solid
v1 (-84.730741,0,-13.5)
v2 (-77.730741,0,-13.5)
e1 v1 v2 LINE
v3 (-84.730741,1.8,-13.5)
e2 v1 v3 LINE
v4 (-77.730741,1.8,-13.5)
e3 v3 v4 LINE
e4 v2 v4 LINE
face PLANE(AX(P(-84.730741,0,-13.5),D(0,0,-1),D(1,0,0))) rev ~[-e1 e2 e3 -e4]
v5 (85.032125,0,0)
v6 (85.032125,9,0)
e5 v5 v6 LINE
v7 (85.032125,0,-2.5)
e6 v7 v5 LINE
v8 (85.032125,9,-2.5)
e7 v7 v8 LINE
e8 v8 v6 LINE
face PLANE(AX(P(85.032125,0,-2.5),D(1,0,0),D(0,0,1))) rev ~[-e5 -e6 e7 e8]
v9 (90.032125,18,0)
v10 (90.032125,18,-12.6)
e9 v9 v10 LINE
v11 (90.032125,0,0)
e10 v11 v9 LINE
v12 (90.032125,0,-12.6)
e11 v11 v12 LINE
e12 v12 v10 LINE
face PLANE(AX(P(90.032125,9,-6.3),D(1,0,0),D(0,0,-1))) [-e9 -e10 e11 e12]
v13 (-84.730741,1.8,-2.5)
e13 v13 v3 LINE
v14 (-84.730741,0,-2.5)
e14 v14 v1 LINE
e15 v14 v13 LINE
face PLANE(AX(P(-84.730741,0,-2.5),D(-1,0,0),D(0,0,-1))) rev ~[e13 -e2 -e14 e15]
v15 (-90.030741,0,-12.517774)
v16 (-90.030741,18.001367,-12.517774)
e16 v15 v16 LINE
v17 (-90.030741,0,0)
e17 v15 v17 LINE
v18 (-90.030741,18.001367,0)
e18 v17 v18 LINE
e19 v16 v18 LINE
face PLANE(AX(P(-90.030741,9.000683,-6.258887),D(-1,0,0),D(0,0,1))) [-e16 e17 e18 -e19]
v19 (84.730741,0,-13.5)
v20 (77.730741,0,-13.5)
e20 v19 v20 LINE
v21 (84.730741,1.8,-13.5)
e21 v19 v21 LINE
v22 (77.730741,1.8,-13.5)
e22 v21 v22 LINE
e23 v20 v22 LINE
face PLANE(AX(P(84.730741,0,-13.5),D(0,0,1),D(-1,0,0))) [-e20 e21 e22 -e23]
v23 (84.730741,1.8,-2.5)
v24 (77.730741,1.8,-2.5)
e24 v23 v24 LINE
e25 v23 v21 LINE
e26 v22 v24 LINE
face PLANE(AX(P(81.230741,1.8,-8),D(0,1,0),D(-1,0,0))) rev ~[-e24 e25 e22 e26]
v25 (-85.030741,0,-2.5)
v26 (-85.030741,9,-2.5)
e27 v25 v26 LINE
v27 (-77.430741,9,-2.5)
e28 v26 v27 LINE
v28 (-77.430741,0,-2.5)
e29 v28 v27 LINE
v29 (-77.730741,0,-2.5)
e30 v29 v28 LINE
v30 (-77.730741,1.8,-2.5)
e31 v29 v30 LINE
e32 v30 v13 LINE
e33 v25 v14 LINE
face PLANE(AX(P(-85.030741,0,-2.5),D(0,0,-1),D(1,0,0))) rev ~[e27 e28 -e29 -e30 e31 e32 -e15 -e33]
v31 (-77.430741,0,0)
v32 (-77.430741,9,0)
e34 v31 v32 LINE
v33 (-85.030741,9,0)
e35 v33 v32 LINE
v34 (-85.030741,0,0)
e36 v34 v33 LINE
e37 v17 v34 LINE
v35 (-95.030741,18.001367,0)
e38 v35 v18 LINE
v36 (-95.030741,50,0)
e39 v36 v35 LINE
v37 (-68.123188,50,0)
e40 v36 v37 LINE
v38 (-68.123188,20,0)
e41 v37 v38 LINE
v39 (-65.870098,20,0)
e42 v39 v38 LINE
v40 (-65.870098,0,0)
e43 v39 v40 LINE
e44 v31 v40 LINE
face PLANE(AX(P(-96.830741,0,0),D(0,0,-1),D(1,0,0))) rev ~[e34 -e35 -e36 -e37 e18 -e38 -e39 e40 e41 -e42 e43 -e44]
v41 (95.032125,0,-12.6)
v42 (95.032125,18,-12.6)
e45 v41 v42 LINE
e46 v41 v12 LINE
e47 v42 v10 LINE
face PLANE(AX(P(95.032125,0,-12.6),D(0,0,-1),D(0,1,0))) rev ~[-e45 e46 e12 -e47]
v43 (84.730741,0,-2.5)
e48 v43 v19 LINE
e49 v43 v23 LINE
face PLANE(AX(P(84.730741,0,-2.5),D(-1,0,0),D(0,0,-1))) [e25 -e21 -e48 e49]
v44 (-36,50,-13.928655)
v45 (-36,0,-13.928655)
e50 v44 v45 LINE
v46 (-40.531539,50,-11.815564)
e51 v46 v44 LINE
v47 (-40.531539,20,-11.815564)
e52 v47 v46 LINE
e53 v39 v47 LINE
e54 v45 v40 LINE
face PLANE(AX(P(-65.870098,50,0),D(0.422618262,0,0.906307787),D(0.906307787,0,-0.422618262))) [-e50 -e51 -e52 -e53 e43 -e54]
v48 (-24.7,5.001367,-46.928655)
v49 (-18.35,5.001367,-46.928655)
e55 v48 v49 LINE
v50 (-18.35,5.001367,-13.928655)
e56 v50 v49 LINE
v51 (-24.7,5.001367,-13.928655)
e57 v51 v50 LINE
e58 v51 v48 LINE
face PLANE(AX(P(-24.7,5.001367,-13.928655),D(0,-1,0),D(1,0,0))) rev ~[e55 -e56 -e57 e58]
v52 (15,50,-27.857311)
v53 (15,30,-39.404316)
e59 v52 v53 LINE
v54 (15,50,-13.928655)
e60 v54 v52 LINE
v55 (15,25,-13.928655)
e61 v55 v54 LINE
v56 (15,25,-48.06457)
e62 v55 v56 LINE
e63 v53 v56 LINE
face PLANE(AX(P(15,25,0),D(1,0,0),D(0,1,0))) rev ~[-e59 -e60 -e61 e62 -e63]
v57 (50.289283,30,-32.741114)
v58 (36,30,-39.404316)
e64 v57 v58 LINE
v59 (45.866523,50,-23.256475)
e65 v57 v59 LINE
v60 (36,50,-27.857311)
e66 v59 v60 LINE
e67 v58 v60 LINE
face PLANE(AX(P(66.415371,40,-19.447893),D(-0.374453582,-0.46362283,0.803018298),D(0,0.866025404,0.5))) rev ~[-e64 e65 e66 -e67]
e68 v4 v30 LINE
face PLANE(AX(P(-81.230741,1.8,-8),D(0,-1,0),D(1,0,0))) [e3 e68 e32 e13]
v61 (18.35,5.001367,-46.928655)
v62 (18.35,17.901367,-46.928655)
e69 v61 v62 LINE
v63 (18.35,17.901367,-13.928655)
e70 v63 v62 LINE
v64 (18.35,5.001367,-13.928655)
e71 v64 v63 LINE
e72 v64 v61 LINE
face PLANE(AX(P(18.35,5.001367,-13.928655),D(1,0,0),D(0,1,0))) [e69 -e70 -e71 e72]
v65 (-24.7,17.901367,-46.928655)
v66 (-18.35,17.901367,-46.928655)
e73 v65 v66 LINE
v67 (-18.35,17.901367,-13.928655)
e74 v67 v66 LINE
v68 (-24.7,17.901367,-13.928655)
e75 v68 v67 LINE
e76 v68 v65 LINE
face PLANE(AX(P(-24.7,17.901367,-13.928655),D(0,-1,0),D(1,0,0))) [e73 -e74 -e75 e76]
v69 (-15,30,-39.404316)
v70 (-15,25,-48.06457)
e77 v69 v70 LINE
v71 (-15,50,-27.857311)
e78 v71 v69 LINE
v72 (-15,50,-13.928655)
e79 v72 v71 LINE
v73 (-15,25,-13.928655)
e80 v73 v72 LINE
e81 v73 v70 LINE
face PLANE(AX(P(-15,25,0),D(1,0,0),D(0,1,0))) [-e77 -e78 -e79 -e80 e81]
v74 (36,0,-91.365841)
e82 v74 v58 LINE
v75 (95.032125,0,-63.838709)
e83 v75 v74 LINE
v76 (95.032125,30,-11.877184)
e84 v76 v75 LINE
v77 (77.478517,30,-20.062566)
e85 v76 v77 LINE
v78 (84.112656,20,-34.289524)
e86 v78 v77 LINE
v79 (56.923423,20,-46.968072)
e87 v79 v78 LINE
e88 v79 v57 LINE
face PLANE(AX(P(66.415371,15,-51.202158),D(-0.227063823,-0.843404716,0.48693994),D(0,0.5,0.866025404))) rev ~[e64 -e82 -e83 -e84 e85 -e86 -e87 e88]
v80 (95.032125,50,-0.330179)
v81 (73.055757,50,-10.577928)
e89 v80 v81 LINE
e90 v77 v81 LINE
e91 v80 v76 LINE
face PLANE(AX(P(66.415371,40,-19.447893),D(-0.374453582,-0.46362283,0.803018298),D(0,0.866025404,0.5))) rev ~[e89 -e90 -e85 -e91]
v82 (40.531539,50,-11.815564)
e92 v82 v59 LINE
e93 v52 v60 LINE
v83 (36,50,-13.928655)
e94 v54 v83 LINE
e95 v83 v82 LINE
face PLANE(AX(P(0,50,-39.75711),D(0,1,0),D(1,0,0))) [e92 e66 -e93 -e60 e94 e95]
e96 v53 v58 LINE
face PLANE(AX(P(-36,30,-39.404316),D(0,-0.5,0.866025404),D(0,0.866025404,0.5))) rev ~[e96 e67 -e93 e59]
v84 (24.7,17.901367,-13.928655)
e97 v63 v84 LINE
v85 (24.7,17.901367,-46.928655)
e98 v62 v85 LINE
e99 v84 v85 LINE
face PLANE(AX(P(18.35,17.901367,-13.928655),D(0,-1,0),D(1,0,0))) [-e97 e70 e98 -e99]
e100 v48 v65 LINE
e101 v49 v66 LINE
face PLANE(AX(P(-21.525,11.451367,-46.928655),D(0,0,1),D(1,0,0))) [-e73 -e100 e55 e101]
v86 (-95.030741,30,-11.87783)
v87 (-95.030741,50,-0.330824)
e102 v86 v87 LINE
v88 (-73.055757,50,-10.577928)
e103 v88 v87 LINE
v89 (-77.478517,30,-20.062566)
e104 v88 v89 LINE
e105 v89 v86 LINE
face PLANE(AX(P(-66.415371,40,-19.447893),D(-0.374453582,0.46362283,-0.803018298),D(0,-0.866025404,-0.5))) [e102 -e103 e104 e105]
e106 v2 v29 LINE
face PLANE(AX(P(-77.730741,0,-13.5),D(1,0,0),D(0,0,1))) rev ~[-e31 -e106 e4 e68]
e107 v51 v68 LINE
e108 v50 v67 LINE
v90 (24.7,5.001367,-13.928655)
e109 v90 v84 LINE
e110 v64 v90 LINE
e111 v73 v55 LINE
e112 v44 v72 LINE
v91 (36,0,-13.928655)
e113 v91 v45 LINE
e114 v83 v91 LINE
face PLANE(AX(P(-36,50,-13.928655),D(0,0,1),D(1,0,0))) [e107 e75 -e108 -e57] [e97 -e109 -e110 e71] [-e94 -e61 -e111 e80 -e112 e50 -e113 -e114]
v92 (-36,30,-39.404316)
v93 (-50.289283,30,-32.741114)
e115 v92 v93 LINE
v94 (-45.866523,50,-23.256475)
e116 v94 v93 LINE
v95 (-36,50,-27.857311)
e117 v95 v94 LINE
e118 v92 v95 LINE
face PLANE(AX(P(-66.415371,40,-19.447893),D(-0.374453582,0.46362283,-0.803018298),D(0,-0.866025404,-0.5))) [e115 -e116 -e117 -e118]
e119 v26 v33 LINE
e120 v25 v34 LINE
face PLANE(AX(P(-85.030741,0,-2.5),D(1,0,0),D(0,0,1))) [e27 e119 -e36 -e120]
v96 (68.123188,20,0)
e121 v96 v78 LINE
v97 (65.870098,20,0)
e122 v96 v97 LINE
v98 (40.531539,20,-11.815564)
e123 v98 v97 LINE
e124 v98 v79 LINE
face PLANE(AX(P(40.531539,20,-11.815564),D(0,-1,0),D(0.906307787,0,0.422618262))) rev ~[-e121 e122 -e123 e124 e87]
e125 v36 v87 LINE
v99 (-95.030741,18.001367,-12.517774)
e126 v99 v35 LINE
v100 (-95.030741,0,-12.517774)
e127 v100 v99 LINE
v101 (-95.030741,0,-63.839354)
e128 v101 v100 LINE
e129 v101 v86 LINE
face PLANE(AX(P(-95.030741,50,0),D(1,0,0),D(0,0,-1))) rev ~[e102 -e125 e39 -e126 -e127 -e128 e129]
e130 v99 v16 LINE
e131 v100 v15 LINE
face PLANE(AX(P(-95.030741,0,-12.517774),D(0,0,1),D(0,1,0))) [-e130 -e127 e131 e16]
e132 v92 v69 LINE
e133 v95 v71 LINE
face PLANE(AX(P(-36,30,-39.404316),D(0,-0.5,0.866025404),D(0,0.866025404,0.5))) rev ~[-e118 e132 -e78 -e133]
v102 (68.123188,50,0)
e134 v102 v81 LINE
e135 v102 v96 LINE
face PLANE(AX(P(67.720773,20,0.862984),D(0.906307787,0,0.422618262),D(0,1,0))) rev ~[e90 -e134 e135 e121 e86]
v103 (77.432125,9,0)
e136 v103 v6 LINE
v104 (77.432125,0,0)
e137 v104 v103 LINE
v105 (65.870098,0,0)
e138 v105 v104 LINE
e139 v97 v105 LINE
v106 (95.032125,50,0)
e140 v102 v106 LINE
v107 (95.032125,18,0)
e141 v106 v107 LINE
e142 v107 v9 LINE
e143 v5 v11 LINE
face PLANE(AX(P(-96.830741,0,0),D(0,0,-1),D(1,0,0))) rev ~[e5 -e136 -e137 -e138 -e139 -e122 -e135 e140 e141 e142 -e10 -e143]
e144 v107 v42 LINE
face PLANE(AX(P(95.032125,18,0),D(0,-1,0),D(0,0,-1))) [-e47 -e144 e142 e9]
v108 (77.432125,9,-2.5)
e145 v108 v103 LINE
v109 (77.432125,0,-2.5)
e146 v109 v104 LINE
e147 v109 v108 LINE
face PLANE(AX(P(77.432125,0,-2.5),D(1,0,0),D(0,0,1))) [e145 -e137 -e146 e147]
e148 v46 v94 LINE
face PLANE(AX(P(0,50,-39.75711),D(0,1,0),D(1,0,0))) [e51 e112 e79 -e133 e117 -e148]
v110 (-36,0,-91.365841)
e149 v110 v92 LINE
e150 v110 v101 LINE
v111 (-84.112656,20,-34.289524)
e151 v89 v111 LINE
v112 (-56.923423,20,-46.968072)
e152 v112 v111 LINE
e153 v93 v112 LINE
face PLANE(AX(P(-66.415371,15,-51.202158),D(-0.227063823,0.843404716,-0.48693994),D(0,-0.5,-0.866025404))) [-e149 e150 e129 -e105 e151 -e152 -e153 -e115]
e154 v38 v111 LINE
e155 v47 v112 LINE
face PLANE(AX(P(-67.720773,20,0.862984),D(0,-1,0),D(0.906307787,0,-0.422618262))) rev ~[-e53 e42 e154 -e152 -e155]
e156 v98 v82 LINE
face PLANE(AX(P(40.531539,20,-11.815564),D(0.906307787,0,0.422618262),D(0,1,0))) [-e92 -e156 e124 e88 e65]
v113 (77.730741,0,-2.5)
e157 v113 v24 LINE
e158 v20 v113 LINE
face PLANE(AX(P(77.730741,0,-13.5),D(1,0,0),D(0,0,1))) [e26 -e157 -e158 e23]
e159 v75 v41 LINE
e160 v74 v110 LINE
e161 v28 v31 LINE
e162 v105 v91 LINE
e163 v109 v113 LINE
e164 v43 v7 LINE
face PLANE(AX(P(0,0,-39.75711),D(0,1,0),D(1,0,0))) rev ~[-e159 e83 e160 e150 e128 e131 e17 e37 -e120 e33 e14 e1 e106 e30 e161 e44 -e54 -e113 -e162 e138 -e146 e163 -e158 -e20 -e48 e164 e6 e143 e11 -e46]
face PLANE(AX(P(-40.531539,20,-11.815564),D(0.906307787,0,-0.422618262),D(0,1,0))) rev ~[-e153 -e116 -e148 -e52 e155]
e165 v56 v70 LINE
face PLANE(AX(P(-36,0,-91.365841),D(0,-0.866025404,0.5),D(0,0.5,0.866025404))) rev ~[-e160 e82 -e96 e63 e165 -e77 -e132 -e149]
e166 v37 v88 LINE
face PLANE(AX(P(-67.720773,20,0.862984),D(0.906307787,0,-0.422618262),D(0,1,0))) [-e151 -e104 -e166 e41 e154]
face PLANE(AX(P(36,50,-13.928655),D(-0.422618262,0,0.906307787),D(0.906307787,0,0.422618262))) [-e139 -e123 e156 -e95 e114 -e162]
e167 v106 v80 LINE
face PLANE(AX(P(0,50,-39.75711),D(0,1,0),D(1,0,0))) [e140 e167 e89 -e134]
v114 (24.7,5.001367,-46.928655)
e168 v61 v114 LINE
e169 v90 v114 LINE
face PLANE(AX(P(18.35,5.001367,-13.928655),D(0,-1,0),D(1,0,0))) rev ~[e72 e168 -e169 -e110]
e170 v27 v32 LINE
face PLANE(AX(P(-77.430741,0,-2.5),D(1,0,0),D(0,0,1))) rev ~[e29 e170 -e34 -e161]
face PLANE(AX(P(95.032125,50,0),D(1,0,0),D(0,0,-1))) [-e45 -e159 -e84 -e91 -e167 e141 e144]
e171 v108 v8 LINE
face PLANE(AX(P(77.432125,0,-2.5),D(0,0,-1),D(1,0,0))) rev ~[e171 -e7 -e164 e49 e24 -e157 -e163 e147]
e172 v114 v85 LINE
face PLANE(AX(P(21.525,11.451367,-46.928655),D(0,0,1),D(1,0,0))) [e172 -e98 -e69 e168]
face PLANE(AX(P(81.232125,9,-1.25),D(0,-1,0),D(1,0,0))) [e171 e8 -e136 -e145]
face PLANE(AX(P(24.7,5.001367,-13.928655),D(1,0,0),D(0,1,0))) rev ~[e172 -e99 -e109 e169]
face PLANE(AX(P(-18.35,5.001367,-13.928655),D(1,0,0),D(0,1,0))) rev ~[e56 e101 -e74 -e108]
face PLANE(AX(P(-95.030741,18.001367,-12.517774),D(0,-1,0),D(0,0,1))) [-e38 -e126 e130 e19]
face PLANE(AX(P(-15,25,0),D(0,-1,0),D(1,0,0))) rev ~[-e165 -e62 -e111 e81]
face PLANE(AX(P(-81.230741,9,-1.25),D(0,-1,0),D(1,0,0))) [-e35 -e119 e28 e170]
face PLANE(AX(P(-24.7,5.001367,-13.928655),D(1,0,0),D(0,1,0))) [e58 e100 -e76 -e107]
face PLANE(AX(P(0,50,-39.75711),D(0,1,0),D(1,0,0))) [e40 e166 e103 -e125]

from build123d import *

# Parameters (mm, degrees)
SALIENTE_EXTRUIR1_DEPTH            = 50
CORTAR_EXTRUIR1_DEPTH              = 72
CORTAR_EXTRUIR4_REACH              = 144.211
CROQUIS6_W                         = 30
CROQUIS6_H                         = 25
CORTAR_EXTRUIR5_REACH              = 144.211
CROQUIS8_W                         = 30
CROQUIS8_H                         = 30
CORTAR_EXTRUIR6_DEPTH              = 40
CROQUIS9_W                         = 30
CROQUIS9_H                         = 30
CORTAR_EXTRUIR7_DEPTH              = 40
CROQUIS10_W                        = 6.35
CROQUIS10_H                        = 12.9
CORTAR_EXTRUIR8_DEPTH              = 33
CORTAR_EXTRUIR9_REACH              = 144.211
CORTAR_EXTRUIR10_REACH             = 144.211
CORTAR_EXTRUIR10_DIRECTION_2_DEPTH = 143.210791725
CROQUIS14_W                        = 12.6
CROQUIS14_H                        = 18
CORTAR_EXTRUIR11_DEPTH             = 5
CROQUIS15_W                        = 12.517773713
CROQUIS15_H                        = 18.001366708
CORTAR_EXTRUIR12_DEPTH             = 5
CROQUIS16_W                        = 7.6
CROQUIS16_H                        = 2.5
CORTAR_EXTRUIR13_DEPTH             = 9
CORTAR_EXTRUIR14_DEPTH             = 1.8


with BuildPart() as part:
    # Croquis1 → Saliente-Extruir1 (new body)
    with BuildSketch(Plane(origin=(0, 0, 0), x_dir=(1, 0, 0), z_dir=(0, 1, 0))):
        Polygon((-96.830741331, 0), (96.830741331, 0), (96.830741331, 63), (36, 91.365840534), (-36, 91.365840534), (-96.830741331, 63), align=None)
    extrude(amount=SALIENTE_EXTRUIR1_DEPTH)

    # Croquis3D2 → Cortar-Extruir1 (cut)
    with BuildSketch(Plane(origin=(-36, 0, -91.365840534), x_dir=(0, 0.6600783810393928, 0.751196732477195), z_dir=(-1, 0, 0))):
        Polygon((0, 0), (58.835678645, -11.762776814), (93.598994681, 0), (40.781406688, 46.410941988), align=None)
    extrude(amount=-CORTAR_EXTRUIR1_DEPTH, mode=Mode.SUBTRACT)

    # Cortar-Barrer1: sweep along a curve in space
    with BuildLine() as cortar_barrer1_path:
        Line((96.830741331, 50, -63), (36, 50, -91.365840534))
    # Croquis2 → Cortar-Barrer1 (sweep, cut)
    with BuildSketch(Plane.ZY.offset(-36)):
        Polygon((-91.365840534, 50), (-27.857310923, 50), (-39.404316307, 30), (-91.365840534, 0), align=None)
    sweep(path=cortar_barrer1_path.line, mode=Mode.SUBTRACT)

    # Cortar-Barrer2: sweep along a curve in space
    with BuildLine() as cortar_barrer2_path:
        Line((-36, 50, -91.365840534), (-96.830741331, 50, -63))
    # Croquis3 → Cortar-Barrer2 (sweep, cut)
    with BuildSketch(Plane(origin=(-36, 0, 0), x_dir=(0, 0, -1), z_dir=(1, 0, 0))):
        Polygon((27.857310923, 50), (91.365840534, 50), (91.365840534, 0), (39.404316307, 30), align=None)
    sweep(path=cortar_barrer2_path.line, mode=Mode.SUBTRACT)

    # Croquis6 → Cortar-Extruir4 (cut, up to next)
    with BuildSketch(Plane.XY, mode=Mode.PRIVATE) as cortar_extruir4_sk1:
        with Locations((0, 37.5)):
            Rectangle(CROQUIS6_W, CROQUIS6_H)
    cortar_extruir4_tool1 = extrude(cortar_extruir4_sk1.sketch, amount=-CORTAR_EXTRUIR4_REACH, mode=Mode.PRIVATE) & part.part
    add(cortar_extruir4_tool1.solids().sort_by_distance((0, 37.5, 0))[0], mode=Mode.SUBTRACT)

    # Croquis7 → Cortar-Extruir5 (cut, up to next)
    with BuildSketch(Plane(origin=(0, 50, 0), x_dir=(1, 0, 0), z_dir=(0, 1, 0)), mode=Mode.PRIVATE) as cortar_extruir5_sk1:
        Polygon((-36, 13.928655461), (36, 13.928655461), (65.87009803, 0), (-65.87009803, 0), align=None)
    cortar_extruir5_tool1 = extrude(cortar_extruir5_sk1.sketch, amount=-CORTAR_EXTRUIR5_REACH, mode=Mode.PRIVATE) & part.part
    add(cortar_extruir5_tool1.solids().sort_by_distance((0, 50, -6.28364))[0], mode=Mode.SUBTRACT)

    # Croquis8 → Cortar-Extruir6 (cut)
    with BuildSketch(Plane(origin=(-11.764807584, 0, -25.229711282), x_dir=(0.9063077870366527, 0, -0.4226182617406937), z_dir=(0.4226182617406937, 0, 0.9063077870366527))):
        with Locations((-46.740576174, 35)):
            Rectangle(CROQUIS8_W, CROQUIS8_H)
    extrude(amount=-CORTAR_EXTRUIR6_DEPTH, mode=Mode.SUBTRACT)

    # Croquis9 → Cortar-Extruir7 (cut)
    with BuildSketch(Plane(origin=(11.764807584, 0, -25.229711282), x_dir=(0.9063077870366495, 0, 0.42261826174070066), z_dir=(-0.42261826174070066, 0, 0.9063077870366495))):
        with Locations((46.740576174, 35)):
            Rectangle(CROQUIS9_W, CROQUIS9_H)
    extrude(amount=-CORTAR_EXTRUIR7_DEPTH, mode=Mode.SUBTRACT)

    # Croquis10 → Cortar-Extruir8 (cut)
    with BuildSketch(Plane.XY.offset(-13.928655461)):
        with Locations((-21.525, 11.451366708)):
            Rectangle(CROQUIS10_W, CROQUIS10_H)
        with Locations((21.525, 11.451366708)):
            Rectangle(CROQUIS10_W, CROQUIS10_H)
    extrude(amount=-CORTAR_EXTRUIR8_DEPTH, mode=Mode.SUBTRACT)

    # Croquis12 → Cortar-Extruir9 (cut, up to next)
    with BuildSketch(Plane(origin=(0, 50, 0), x_dir=(1, 0, 0), z_dir=(0, 1, 0)), mode=Mode.PRIVATE) as cortar_extruir9_sk1:
        Polygon((-96.830741331, 0), (-95.030741331, 0), (-95.030741331, 63.839353785), (-96.830741331, 63), align=None)
    cortar_extruir9_tool1 = extrude(cortar_extruir9_sk1.sketch, amount=-CORTAR_EXTRUIR9_REACH, mode=Mode.PRIVATE) & part.part
    add(cortar_extruir9_tool1.solids().sort_by_distance((-95.928756, 50, -31.710301))[0], mode=Mode.SUBTRACT)

    # Croquis13 → Cortar-Extruir10 (cut, up to next)
    with BuildSketch(Plane(origin=(0, 50, 0), x_dir=(1, 0, 0), z_dir=(0, 1, 0)), mode=Mode.PRIVATE) as cortar_extruir10_sk1:
        Polygon((96.830741331, 0), (95.032124755, 0), (95.032124755, 63.838708683), (96.830741331, 63), align=None)
    cortar_extruir10_tool1 = extrude(cortar_extruir10_sk1.sketch, amount=-CORTAR_EXTRUIR10_REACH, mode=Mode.PRIVATE) & part.part
    add(cortar_extruir10_tool1.solids().sort_by_distance((95.929451, 50, -31.710139))[0], mode=Mode.SUBTRACT)

    # Croquis13 → Cortar-Extruir10 direction 2 (cut)
    with BuildSketch(Plane(origin=(0, 50, 0), x_dir=(1, 0, 0), z_dir=(0, 1, 0))):
        Polygon((96.830741331, 0), (95.032124755, 0), (95.032124755, 63.838708683), (96.830741331, 63), align=None)
    extrude(amount=CORTAR_EXTRUIR10_DIRECTION_2_DEPTH, mode=Mode.SUBTRACT)

    # Croquis14 → Cortar-Extruir11 (cut)
    with BuildSketch(Plane(origin=(95.032124755, 0, 0), x_dir=(0, 0, -1), z_dir=(1, 0, 0))):
        with Locations((6.3, 9)):
            Rectangle(CROQUIS14_W, CROQUIS14_H)
    extrude(amount=-CORTAR_EXTRUIR11_DEPTH, mode=Mode.SUBTRACT)

    # Croquis15 → Cortar-Extruir12 (cut)
    with BuildSketch(Plane.ZY.offset(95.030741331)):
        with Locations((-6.258886857, 9.000683354)):
            Rectangle(CROQUIS15_W, CROQUIS15_H)
    extrude(amount=-CORTAR_EXTRUIR12_DEPTH, mode=Mode.SUBTRACT)

    # Croquis16 → Cortar-Extruir13 (cut)
    with BuildSketch(Plane.XZ):
        with Locations((-81.230741331, -1.25)):
            Rectangle(CROQUIS16_W, CROQUIS16_H)
        with Locations((81.232124755, -1.25)):
            Rectangle(CROQUIS16_W, CROQUIS16_H)
    extrude(amount=-CORTAR_EXTRUIR13_DEPTH, mode=Mode.SUBTRACT)

    # Croquis17 → Cortar-Extruir14 (cut)
    with BuildSketch(Plane.XZ):
        Polygon((-81.230741331, -2.5), (-84.730741331, -2.5), (-84.730741331, -13.5), (-77.730741331, -13.5), (-77.730741331, -2.5), align=None)
        Polygon((77.730741331, -13.5), (77.730741331, -2.5), (81.230741331, -2.5), (84.730741331, -2.5), (84.730741331, -13.5), align=None)
    extrude(amount=-CORTAR_EXTRUIR14_DEPTH, mode=Mode.SUBTRACT)


solid = part.part
